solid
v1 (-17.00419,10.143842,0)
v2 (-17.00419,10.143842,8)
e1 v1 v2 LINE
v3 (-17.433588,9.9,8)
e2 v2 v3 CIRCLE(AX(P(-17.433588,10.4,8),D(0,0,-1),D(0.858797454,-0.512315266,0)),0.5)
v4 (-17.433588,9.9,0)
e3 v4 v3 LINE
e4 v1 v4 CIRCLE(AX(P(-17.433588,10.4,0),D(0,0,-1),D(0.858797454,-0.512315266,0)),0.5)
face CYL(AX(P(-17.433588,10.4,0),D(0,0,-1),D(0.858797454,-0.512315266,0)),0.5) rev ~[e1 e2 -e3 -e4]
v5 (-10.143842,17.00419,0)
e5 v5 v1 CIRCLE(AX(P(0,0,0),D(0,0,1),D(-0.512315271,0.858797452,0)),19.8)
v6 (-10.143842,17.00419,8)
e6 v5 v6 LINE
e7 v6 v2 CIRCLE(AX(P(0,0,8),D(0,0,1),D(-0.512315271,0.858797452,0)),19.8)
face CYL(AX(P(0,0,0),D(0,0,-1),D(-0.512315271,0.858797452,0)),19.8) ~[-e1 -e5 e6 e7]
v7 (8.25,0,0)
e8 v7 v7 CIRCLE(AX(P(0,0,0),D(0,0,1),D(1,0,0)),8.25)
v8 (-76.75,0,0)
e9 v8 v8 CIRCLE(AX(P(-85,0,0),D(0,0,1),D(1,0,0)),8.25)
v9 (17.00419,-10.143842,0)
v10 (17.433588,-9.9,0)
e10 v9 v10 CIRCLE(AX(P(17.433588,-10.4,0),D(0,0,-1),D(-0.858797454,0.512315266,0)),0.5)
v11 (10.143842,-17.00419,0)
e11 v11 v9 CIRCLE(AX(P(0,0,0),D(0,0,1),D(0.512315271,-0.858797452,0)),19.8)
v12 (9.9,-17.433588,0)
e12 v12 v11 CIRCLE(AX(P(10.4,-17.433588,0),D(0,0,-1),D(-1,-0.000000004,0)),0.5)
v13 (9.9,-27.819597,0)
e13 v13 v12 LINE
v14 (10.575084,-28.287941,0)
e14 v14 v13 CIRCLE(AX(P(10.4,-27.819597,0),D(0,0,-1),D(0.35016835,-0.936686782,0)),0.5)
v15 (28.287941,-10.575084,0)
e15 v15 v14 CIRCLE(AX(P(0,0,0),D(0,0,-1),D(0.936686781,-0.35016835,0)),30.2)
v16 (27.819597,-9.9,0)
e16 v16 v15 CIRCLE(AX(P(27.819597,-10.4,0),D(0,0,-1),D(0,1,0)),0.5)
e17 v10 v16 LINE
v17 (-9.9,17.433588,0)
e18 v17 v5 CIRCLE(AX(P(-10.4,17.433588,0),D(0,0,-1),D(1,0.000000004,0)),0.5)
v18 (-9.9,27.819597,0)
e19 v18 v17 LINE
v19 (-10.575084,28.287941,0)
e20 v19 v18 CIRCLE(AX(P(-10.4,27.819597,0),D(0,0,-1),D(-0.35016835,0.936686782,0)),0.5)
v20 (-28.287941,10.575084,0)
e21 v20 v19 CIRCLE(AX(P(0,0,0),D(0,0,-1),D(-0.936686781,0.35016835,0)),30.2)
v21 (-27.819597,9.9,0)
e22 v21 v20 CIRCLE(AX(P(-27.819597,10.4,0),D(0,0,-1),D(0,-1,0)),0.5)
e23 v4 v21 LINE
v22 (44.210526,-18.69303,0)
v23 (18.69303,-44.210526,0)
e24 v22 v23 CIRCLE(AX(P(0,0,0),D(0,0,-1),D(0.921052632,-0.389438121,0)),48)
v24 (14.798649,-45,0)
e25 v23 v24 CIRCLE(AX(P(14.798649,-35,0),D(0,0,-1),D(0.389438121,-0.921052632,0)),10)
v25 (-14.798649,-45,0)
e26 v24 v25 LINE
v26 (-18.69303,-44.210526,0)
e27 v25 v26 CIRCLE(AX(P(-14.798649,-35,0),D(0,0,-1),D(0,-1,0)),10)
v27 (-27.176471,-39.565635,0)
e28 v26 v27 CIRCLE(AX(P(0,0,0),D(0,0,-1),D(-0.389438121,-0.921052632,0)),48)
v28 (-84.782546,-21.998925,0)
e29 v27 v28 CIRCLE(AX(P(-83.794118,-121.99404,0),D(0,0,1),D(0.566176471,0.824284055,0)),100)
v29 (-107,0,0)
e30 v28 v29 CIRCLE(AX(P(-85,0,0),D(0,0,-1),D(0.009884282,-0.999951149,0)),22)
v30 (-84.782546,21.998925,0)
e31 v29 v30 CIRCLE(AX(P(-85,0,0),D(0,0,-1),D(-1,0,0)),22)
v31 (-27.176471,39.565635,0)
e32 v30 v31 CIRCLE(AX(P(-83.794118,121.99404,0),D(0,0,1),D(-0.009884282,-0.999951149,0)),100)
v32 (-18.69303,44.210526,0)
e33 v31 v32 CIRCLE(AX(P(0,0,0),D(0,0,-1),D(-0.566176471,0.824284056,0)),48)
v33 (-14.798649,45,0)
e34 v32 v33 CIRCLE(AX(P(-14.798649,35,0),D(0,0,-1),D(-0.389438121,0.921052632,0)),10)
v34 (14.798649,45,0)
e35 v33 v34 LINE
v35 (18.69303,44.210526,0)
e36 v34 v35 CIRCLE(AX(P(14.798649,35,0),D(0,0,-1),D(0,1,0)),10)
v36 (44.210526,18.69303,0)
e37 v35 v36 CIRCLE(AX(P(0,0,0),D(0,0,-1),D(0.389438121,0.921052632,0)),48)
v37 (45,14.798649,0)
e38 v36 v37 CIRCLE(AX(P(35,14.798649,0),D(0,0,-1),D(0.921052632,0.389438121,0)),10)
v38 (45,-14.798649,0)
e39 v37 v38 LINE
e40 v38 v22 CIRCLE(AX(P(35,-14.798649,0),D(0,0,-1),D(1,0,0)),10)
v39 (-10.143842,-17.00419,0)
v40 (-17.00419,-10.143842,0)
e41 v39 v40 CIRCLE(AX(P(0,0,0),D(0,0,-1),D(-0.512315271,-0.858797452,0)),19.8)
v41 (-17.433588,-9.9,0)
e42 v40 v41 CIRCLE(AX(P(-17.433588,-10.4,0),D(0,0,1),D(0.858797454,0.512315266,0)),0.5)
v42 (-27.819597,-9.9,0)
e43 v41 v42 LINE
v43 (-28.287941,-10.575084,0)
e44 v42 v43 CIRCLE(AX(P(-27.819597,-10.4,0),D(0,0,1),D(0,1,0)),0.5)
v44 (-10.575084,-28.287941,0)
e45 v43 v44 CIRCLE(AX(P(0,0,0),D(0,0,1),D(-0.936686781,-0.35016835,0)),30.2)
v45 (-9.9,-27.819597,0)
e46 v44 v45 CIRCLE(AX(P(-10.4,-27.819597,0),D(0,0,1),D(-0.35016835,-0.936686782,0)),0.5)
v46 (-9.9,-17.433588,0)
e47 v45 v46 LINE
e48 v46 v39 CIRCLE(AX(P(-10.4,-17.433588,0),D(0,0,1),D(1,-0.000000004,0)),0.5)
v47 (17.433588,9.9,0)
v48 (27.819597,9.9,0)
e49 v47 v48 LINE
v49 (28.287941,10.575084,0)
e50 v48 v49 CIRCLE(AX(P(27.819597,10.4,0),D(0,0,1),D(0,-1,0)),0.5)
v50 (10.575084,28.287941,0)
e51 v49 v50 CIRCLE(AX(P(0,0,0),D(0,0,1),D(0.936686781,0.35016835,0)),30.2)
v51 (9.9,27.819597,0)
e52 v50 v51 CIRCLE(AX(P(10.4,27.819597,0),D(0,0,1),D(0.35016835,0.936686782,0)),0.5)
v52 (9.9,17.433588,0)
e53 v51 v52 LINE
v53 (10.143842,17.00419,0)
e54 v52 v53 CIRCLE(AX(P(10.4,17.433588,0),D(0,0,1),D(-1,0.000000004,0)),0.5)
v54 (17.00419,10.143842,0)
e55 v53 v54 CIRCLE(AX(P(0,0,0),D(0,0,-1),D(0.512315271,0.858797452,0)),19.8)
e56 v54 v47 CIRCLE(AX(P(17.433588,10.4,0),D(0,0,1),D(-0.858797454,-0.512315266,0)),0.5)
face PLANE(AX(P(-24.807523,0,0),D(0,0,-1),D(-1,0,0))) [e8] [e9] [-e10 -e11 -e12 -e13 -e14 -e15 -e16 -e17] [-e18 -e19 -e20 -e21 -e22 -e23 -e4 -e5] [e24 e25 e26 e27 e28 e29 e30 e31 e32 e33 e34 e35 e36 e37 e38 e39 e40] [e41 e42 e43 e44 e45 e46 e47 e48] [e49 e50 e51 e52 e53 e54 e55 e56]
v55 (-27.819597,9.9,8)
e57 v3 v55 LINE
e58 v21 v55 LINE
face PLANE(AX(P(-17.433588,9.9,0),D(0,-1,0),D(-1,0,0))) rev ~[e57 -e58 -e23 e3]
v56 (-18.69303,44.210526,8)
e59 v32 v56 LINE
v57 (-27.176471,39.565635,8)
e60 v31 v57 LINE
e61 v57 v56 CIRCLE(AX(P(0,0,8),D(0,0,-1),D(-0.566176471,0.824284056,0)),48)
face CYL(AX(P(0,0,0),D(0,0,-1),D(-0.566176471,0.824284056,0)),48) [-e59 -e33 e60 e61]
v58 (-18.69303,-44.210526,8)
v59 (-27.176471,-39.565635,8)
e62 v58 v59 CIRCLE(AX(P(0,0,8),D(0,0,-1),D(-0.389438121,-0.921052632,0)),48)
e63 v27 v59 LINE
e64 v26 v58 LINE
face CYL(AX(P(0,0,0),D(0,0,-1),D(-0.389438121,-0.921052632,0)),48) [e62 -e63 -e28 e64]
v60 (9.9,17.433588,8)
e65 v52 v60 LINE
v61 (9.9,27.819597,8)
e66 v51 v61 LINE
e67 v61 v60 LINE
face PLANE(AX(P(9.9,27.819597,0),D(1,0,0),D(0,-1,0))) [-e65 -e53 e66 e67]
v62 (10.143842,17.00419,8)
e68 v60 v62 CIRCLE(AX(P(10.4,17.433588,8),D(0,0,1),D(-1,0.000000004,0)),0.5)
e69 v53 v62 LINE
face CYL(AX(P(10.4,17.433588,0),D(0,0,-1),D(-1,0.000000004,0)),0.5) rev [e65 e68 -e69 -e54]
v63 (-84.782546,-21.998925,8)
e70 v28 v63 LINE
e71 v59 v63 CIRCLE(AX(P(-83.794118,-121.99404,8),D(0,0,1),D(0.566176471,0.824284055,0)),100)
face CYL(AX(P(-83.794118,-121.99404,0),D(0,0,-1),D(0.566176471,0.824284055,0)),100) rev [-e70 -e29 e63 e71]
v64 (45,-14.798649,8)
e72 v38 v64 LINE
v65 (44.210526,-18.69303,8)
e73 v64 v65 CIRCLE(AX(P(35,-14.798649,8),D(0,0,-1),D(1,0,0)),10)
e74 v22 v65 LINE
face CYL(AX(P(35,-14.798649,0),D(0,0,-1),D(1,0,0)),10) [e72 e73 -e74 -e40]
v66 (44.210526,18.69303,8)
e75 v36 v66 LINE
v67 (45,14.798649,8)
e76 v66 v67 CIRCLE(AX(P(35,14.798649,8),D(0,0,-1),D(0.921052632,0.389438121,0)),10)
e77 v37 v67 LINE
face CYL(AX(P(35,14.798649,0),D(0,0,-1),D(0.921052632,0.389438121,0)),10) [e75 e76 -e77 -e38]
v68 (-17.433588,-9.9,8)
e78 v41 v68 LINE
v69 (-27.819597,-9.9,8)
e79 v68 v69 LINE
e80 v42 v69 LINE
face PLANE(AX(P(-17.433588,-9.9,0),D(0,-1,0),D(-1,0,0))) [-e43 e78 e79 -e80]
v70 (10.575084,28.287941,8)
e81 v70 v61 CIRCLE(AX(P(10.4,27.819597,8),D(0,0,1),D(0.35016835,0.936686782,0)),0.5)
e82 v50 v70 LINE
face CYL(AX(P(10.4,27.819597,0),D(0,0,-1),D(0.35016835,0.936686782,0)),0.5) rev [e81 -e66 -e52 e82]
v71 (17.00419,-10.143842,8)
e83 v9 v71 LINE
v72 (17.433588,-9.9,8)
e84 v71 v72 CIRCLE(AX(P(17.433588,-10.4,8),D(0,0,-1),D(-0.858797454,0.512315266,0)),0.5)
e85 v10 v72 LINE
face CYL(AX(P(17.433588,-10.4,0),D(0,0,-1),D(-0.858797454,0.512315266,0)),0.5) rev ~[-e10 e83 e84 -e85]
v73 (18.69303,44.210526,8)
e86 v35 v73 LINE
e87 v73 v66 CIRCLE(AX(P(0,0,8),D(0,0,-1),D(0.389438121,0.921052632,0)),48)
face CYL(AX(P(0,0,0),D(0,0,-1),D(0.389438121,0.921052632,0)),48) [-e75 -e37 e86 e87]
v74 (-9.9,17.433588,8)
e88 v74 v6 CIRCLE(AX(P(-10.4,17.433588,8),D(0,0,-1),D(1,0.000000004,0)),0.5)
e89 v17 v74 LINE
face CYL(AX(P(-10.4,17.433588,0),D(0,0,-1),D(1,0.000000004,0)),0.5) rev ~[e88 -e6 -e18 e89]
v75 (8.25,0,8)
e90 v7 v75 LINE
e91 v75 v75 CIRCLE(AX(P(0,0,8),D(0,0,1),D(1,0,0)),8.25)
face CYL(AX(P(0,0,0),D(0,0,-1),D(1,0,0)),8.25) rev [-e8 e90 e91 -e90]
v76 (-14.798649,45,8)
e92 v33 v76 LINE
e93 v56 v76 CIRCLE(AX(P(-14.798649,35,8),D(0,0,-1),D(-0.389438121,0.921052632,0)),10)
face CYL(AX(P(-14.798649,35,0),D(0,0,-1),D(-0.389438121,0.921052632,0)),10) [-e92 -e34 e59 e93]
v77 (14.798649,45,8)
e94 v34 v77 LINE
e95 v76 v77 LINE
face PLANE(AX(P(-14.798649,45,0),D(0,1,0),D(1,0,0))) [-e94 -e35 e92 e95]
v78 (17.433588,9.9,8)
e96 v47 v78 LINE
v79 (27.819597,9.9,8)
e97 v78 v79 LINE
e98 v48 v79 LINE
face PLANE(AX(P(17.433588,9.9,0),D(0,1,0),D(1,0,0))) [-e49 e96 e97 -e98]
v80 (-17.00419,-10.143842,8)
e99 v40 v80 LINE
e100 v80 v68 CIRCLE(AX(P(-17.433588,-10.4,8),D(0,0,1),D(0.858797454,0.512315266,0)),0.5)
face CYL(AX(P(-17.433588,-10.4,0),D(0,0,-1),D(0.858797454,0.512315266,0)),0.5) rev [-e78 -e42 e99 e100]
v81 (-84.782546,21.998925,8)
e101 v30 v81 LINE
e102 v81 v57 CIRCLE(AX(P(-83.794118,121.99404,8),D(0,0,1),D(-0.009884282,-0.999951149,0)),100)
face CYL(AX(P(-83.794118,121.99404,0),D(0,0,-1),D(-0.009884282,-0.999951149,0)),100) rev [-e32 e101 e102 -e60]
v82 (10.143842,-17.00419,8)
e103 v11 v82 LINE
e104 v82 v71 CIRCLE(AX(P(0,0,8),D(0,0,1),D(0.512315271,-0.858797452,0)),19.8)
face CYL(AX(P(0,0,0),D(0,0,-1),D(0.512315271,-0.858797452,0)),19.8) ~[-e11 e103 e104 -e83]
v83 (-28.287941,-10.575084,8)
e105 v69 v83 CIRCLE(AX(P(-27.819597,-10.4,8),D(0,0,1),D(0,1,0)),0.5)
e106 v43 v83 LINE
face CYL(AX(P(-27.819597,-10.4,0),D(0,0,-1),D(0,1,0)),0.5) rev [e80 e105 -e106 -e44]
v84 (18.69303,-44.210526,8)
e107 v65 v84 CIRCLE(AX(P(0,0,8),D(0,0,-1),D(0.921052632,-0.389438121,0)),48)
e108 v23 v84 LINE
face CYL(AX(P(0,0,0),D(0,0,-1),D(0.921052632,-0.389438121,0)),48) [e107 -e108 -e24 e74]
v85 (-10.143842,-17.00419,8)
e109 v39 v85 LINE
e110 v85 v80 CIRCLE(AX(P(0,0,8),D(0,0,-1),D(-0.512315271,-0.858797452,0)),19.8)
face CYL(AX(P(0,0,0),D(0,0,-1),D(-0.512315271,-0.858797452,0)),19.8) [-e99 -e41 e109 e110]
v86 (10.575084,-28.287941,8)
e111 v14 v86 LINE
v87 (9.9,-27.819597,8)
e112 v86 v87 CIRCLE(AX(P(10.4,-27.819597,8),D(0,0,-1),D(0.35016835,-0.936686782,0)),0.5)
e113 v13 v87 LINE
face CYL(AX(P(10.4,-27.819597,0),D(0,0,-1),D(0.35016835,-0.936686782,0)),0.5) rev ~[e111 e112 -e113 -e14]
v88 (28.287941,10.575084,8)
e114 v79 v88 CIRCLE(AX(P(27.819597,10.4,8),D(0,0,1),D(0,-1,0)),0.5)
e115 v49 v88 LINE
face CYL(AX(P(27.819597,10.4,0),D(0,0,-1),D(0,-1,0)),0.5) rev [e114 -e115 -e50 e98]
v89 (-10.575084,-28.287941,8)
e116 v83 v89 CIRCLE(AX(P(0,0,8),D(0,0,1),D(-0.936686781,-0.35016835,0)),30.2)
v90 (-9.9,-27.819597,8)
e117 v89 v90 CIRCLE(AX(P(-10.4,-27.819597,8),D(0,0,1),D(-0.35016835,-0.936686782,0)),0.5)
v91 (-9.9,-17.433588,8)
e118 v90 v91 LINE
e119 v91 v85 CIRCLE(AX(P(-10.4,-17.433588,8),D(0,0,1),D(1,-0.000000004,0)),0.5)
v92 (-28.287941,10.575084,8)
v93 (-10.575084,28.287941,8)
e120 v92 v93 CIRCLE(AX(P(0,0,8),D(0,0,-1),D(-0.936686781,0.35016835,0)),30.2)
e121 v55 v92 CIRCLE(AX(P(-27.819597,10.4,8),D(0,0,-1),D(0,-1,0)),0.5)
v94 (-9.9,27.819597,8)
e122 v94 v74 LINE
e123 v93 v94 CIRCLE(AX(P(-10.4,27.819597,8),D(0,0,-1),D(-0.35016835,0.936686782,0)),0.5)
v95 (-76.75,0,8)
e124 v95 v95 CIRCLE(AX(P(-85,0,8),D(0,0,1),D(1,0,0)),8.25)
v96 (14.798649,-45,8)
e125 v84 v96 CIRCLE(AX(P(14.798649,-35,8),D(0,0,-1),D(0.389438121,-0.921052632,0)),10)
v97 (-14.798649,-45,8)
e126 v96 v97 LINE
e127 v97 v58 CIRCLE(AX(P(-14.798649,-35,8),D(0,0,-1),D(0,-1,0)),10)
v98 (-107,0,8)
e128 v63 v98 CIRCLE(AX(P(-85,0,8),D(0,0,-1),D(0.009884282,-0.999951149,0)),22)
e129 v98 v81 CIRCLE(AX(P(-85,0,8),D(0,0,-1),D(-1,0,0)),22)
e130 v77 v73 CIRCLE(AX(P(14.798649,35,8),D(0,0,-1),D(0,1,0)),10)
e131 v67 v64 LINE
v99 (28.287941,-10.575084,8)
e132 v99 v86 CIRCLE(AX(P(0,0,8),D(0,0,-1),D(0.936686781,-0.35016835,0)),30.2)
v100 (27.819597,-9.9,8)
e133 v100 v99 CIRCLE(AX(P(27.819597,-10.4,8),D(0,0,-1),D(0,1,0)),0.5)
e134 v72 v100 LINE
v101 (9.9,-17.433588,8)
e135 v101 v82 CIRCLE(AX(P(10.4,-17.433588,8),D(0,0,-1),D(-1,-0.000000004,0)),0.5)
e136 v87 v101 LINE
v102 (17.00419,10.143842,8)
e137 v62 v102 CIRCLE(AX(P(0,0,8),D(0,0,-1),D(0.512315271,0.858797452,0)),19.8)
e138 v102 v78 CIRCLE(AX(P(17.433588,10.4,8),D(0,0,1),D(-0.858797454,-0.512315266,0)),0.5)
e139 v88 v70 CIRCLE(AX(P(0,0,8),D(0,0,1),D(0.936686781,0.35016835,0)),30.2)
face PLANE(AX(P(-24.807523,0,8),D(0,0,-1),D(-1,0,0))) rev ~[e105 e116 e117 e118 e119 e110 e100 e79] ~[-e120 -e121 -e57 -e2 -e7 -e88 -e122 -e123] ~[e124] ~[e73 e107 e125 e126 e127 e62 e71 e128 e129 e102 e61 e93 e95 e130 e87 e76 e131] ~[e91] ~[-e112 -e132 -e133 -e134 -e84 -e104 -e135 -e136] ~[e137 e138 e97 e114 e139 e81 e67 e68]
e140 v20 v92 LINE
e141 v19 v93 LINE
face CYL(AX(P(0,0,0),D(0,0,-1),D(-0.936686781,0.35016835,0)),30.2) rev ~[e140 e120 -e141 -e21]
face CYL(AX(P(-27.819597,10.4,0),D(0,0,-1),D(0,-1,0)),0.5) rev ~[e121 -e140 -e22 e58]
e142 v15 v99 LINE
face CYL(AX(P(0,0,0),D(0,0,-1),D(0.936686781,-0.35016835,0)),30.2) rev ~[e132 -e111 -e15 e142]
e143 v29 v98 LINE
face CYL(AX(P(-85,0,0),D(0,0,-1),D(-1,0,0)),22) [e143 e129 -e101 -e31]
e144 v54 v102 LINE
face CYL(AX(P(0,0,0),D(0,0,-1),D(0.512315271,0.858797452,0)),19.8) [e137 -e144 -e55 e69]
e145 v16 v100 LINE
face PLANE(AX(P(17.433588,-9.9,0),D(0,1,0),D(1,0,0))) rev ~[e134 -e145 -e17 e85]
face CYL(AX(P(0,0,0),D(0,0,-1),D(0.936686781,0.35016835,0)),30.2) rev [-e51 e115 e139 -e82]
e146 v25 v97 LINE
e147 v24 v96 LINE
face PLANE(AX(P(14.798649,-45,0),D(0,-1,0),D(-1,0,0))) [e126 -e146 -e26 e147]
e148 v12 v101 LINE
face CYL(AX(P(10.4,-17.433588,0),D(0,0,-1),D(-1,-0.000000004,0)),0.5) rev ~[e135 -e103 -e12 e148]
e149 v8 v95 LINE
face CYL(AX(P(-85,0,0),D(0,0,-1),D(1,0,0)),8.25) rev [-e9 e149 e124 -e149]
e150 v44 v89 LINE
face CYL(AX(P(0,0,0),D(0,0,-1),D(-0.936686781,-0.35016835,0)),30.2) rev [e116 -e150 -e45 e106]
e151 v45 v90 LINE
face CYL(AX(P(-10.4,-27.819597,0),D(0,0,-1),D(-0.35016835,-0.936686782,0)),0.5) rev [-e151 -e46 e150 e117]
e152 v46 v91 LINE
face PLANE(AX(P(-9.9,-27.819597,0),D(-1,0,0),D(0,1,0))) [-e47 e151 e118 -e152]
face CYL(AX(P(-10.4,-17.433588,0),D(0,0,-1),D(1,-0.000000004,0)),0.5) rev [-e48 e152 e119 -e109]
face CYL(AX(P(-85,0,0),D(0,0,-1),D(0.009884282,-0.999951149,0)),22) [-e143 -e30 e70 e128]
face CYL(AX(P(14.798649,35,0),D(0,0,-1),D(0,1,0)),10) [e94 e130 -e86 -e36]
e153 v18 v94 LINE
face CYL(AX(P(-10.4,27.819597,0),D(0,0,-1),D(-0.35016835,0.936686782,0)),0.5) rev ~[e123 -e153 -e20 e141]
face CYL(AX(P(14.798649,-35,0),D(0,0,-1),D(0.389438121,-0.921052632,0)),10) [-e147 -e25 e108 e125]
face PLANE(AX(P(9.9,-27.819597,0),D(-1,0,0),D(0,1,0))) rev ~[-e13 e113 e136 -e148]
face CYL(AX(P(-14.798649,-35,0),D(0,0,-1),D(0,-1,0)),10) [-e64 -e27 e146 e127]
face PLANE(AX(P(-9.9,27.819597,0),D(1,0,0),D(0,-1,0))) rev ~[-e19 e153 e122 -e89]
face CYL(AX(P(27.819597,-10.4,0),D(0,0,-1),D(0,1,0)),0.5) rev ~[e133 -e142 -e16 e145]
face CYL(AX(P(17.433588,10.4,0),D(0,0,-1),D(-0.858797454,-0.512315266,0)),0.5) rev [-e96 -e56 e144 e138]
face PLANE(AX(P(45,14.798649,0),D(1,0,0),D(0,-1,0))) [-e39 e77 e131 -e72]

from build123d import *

# Parameters (mm, degrees)
SKETCH1_R          = 8.25
BASE_EXTRUDE_DEPTH = 8


with BuildPart() as part:
    # Sketch1 → Base-Extrude (new body)
    with BuildSketch(Plane.XY):
        with BuildLine():
            Line((45, 14.798648587), (45, -14.798648587))
            ThreePointArc((45, -14.798648587), (44.800644447, -16.785447123), (44.210526316, -18.693029794))
            ThreePointArc((44.210526316, -18.693029794), (33.941125497, -33.941125497), (18.693029794, -44.210526316))
            ThreePointArc((18.693029794, -44.210526316), (16.785447123, -44.800644447), (14.798648587, -45))
            Line((14.798648587, -45), (-14.798648587, -45))
            ThreePointArc((-14.798648587, -45), (-16.785447123, -44.800644447), (-18.693029794, -44.210526316))
            ThreePointArc((-18.693029794, -44.210526316), (-23.05203941, -42.102297788), (-27.176470588, -39.565634664))
            ThreePointArc((-27.176470588, -39.565634664), (-54.625644624, -26.342588675), (-84.782545805, -21.998925285))
            ThreePointArc((-84.782545805, -21.998925285), (-100.479276593, -15.633041807), (-107, 0))
            ThreePointArc((-107, 0), (-100.479276593, 15.633041807), (-84.782545805, 21.998925285))
            ThreePointArc((-84.782545805, 21.998925285), (-54.625644624, 26.342588675), (-27.176470588, 39.565634664))
            ThreePointArc((-27.176470588, 39.565634664), (-23.05203941, 42.102297788), (-18.693029794, 44.210526316))
            ThreePointArc((-18.693029794, 44.210526316), (-16.785447123, 44.800644447), (-14.798648587, 45))
            Line((-14.798648587, 45), (14.798648587, 45))
            ThreePointArc((14.798648587, 45), (16.785447123, 44.800644447), (18.693029794, 44.210526316))
            ThreePointArc((18.693029794, 44.210526316), (33.941125497, 33.941125497), (44.210526316, 18.693029794))
            ThreePointArc((44.210526316, 18.693029794), (44.800644447, 16.785447123), (45, 14.798648587))
        make_face()
        with Locations((-85, 0)):
            Circle(SKETCH1_R, mode=Mode.SUBTRACT)
        Circle(SKETCH1_R, mode=Mode.SUBTRACT)
        with BuildLine():
            Line((-9.9, 27.819597409), (-9.9, 17.433588271))
            ThreePointArc((-9.9, 17.433588271), (-9.965213375, 17.186686284), (-10.143842365, 17.004189545))
            ThreePointArc((-10.143842365, 17.004189545), (-14.000714267, 14.000714267), (-17.004189545, 10.143842365))
            ThreePointArc((-17.004189545, 10.143842365), (-17.186686284, 9.965213375), (-17.433588271, 9.9))
            Line((-17.433588271, 9.9), (-27.819597409, 9.9))
            ThreePointArc((-27.819597409, 9.9), (-28.23041494, 10.114993059), (-28.2879408, 10.575084175))
            ThreePointArc((-28.2879408, 10.575084175), (-21.354624792, 21.354624792), (-10.575084175, 28.2879408))
            ThreePointArc((-10.575084175, 28.2879408), (-10.114993059, 28.23041494), (-9.9, 27.819597409))
        make_face(mode=Mode.SUBTRACT)
        with BuildLine():
            Line((17.433588271, 9.9), (27.819597409, 9.9))
            ThreePointArc((27.819597409, 9.9), (28.23041494, 10.114993059), (28.2879408, 10.575084175))
            ThreePointArc((28.2879408, 10.575084175), (21.354624792, 21.354624792), (10.575084175, 28.2879408))
            ThreePointArc((10.575084175, 28.2879408), (10.114993059, 28.23041494), (9.9, 27.819597409))
            Line((9.9, 27.819597409), (9.9, 17.433588271))
            ThreePointArc((9.9, 17.433588271), (9.965213375, 17.186686284), (10.143842365, 17.004189545))
            ThreePointArc((10.143842365, 17.004189545), (14.000714267, 14.000714267), (17.004189545, 10.143842365))
            ThreePointArc((17.004189545, 10.143842365), (17.186686284, 9.965213375), (17.433588271, 9.9))
        make_face(mode=Mode.SUBTRACT)
        with BuildLine():
            Line((9.9, -27.819597409), (9.9, -17.433588271))
            ThreePointArc((9.9, -17.433588271), (9.965213375, -17.186686284), (10.143842365, -17.004189545))
            ThreePointArc((10.143842365, -17.004189545), (14.000714267, -14.000714267), (17.004189545, -10.143842365))
            ThreePointArc((17.004189545, -10.143842365), (17.186686284, -9.965213375), (17.433588271, -9.9))
            Line((17.433588271, -9.9), (27.819597409, -9.9))
            ThreePointArc((27.819597409, -9.9), (28.23041494, -10.114993059), (28.2879408, -10.575084175))
            ThreePointArc((28.2879408, -10.575084175), (21.354624792, -21.354624792), (10.575084175, -28.2879408))
            ThreePointArc((10.575084175, -28.2879408), (10.114993059, -28.23041494), (9.9, -27.819597409))
        make_face(mode=Mode.SUBTRACT)
        with BuildLine():
            Line((-17.433588271, -9.9), (-27.819597409, -9.9))
            ThreePointArc((-27.819597409, -9.9), (-28.23041494, -10.114993059), (-28.2879408, -10.575084175))
            ThreePointArc((-28.2879408, -10.575084175), (-21.354624792, -21.354624792), (-10.575084175, -28.2879408))
            ThreePointArc((-10.575084175, -28.2879408), (-10.114993059, -28.23041494), (-9.9, -27.819597409))
            Line((-9.9, -27.819597409), (-9.9, -17.433588271))
            ThreePointArc((-9.9, -17.433588271), (-9.965213375, -17.186686284), (-10.143842365, -17.004189545))
            ThreePointArc((-10.143842365, -17.004189545), (-14.000714267, -14.000714267), (-17.004189545, -10.143842365))
            ThreePointArc((-17.004189545, -10.143842365), (-17.186686284, -9.965213375), (-17.433588271, -9.9))
        make_face(mode=Mode.SUBTRACT)
    extrude(amount=BASE_EXTRUDE_DEPTH)


solid = part.part
